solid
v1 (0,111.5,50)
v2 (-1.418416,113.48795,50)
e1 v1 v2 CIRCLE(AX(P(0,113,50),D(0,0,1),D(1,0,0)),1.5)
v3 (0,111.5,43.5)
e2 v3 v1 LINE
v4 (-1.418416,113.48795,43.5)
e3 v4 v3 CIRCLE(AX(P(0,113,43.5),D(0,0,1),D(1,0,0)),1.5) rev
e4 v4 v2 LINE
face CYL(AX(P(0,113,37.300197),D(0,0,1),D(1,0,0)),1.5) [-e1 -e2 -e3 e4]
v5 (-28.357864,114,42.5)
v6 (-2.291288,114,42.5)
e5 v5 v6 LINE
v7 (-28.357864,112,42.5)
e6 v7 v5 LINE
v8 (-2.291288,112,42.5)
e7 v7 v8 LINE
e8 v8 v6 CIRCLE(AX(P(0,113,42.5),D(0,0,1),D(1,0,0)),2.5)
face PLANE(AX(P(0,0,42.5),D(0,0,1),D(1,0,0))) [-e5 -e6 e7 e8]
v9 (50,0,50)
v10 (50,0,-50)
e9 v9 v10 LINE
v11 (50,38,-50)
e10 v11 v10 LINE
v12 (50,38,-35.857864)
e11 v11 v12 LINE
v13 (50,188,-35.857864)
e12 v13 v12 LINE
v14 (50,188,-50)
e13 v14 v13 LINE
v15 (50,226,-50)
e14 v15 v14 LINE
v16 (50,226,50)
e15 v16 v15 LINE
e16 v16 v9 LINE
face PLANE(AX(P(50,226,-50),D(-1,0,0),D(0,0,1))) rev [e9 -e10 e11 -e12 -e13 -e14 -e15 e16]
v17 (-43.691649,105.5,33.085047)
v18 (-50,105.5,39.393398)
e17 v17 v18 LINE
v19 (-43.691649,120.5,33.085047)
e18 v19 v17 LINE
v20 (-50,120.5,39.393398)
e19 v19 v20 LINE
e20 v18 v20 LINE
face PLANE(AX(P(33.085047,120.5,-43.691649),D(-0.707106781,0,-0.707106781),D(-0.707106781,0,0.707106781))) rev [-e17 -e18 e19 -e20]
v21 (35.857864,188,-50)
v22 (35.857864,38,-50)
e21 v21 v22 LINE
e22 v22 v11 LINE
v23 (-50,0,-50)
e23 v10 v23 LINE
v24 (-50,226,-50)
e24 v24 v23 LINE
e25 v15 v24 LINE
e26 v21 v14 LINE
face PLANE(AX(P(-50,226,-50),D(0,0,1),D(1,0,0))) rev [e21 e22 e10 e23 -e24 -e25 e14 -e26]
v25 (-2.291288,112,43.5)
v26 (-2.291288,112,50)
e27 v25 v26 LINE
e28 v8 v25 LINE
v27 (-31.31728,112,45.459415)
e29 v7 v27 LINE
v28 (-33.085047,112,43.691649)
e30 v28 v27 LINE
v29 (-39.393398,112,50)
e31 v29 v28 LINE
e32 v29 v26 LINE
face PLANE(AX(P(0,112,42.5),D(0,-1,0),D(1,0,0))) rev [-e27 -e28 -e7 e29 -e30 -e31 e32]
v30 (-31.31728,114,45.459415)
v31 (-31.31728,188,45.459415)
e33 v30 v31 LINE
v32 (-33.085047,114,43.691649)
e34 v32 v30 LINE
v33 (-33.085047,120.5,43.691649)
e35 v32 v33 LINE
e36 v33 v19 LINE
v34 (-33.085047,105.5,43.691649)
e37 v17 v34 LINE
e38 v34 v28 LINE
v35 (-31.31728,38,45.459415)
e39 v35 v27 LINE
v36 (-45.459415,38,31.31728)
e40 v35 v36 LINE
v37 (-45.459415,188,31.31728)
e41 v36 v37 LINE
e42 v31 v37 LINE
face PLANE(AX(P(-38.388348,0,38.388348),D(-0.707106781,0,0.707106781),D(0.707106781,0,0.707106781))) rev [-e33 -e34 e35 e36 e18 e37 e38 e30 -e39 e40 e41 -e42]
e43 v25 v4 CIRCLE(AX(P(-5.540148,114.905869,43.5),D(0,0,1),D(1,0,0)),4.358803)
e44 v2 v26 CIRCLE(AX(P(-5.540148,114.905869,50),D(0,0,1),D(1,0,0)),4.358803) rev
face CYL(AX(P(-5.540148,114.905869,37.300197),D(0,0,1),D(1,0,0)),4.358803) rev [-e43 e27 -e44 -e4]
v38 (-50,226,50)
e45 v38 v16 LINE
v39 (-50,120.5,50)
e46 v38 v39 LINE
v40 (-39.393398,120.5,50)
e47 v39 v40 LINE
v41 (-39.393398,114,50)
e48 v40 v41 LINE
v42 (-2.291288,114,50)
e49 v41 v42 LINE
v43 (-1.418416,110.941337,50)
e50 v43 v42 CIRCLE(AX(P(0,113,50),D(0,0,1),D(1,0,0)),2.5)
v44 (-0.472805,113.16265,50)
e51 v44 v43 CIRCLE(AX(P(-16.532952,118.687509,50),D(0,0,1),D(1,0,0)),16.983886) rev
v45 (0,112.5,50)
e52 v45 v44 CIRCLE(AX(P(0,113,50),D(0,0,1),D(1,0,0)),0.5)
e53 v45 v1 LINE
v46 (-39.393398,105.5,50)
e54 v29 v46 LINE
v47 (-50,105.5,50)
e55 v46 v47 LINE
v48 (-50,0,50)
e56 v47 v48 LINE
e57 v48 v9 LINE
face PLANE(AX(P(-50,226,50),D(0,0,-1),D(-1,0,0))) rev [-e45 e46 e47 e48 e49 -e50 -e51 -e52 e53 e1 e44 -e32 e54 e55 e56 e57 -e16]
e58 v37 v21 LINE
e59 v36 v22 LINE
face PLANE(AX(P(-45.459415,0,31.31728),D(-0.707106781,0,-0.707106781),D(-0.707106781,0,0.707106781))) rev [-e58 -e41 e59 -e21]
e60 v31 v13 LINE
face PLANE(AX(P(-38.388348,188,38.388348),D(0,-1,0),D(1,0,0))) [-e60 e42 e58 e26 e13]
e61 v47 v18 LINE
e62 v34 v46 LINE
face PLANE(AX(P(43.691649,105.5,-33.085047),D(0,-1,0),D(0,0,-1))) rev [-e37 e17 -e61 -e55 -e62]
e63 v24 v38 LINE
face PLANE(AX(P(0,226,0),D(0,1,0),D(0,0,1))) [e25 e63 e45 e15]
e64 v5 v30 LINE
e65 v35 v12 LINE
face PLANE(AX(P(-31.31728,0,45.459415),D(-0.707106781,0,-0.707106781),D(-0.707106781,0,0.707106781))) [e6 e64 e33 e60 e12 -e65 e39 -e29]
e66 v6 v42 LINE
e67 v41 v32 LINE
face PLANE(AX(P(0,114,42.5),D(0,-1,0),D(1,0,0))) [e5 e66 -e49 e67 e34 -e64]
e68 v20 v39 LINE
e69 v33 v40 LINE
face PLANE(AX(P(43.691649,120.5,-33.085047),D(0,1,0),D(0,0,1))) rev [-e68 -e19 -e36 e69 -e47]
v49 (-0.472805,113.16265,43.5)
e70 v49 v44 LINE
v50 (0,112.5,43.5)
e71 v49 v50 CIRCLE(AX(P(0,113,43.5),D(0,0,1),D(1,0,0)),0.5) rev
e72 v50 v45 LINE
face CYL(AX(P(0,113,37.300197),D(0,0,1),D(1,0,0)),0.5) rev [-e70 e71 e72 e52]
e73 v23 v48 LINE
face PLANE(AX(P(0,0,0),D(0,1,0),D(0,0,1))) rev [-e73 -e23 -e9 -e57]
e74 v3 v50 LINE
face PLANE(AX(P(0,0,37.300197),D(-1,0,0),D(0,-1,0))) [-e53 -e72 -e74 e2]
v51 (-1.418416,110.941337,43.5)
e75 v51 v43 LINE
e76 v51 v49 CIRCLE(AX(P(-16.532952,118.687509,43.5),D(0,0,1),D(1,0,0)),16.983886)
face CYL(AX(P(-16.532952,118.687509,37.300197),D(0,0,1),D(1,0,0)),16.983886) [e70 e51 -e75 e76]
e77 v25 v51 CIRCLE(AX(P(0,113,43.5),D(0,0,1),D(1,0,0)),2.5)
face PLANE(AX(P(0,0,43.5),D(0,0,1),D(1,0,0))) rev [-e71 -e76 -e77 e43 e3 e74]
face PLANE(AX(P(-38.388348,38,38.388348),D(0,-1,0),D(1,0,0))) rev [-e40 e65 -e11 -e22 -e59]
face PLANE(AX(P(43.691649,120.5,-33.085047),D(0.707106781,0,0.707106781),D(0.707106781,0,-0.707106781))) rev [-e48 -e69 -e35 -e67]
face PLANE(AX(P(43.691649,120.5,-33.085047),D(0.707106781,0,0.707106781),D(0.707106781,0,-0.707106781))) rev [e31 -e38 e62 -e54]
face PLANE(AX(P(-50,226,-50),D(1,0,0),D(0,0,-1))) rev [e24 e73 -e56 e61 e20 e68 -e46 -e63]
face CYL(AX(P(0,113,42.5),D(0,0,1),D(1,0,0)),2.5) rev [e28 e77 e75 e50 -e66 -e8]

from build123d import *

# Parameters (mm, degrees)
SKETCH1_W           = 100
SKETCH1_H           = 100
BOSS_EXTRUDE1_DEPTH = 226
SKETCH5_W           = 150
SKETCH5_H           = 10
CUT_EXTRUDE2_DEPTH  = 125
SKETCH6_W           = 15
SKETCH6_H           = 15
CUT_EXTRUDE3_DEPTH  = 125
CUT_EXTRUDE6_DEPTH  = 7.5
BOSS_EXTRUDE2_DEPTH = 6.5


with BuildPart() as part:
    # Sketch1 → Boss-Extrude1 (new body)
    with BuildSketch(Plane(origin=(0, 0, 0), x_dir=(1, 0, 0), z_dir=(0, 1, 0))):
        Rectangle(SKETCH1_W, SKETCH1_H)
    extrude(amount=BOSS_EXTRUDE1_DEPTH)

    # Sketch5 → Cut-Extrude2 (cut)
    with BuildSketch(Plane(origin=(50, 0, -50), x_dir=(0, -1, 0), z_dir=(-0.707106781, 0, 0.707106781))):
        with Locations((-113, -5)):
            Rectangle(SKETCH5_W, SKETCH5_H)
        with Locations((-113, 5)):
            Rectangle(SKETCH5_W, SKETCH5_H)
    extrude(amount=CUT_EXTRUDE2_DEPTH, mode=Mode.SUBTRACT)

    # Sketch6 → Cut-Extrude3 (cut)
    with BuildSketch(Plane(origin=(-50, 0, 50), x_dir=(0.707106781, 0, 0.707106781), z_dir=(-0.707106781, 0, 0.707106781))):
        with Locations((0, 113)):
            Rectangle(SKETCH6_W, SKETCH6_H)
    extrude(amount=-CUT_EXTRUDE3_DEPTH, mode=Mode.SUBTRACT)

    # Sketch8 → Cut-Extrude6 (cut)
    with BuildSketch(Plane.XY.offset(50)):
        with BuildLine():
            Line((-39.393398282, 114), (-39.393398282, 112))
            Line((-39.393398282, 112), (-5, 112))
            Line((-5, 112), (-2.291287847, 112))
            ThreePointArc((-2.291287847, 112), (2.5, 113), (-2.291287847, 114))
            Line((-2.291287847, 114), (-5, 114))
            Line((-5, 114), (-39.393398282, 114))
        make_face()
    extrude(amount=-CUT_EXTRUDE6_DEPTH, mode=Mode.SUBTRACT)

    # Sketch10 → Boss-Extrude2 (add)
    with BuildSketch(Plane.XY.offset(50)):
        with BuildLine():
            ThreePointArc((-0.472805429, 113.162650012), (0.407016588, 113.290409189), (0, 112.5))
            Line((0, 112.5), (0, 111.5))
            ThreePointArc((0, 111.5), (1.221049764, 113.871227567), (-1.418416287, 113.487950036))
            ThreePointArc((-1.418416287, 113.487950036), (-1.780506402, 112.700361849), (-2.291287847, 112))
            ThreePointArc((-2.291287847, 112), (-1.928903385, 111.409612711), (-1.418416287, 110.941336541))
            ThreePointArc((-1.418416287, 110.941336541), (-0.906091719, 112.03517002), (-0.472805429, 113.162650012))
        make_face()
    extrude(amount=-BOSS_EXTRUDE2_DEPTH)


solid = part.part
